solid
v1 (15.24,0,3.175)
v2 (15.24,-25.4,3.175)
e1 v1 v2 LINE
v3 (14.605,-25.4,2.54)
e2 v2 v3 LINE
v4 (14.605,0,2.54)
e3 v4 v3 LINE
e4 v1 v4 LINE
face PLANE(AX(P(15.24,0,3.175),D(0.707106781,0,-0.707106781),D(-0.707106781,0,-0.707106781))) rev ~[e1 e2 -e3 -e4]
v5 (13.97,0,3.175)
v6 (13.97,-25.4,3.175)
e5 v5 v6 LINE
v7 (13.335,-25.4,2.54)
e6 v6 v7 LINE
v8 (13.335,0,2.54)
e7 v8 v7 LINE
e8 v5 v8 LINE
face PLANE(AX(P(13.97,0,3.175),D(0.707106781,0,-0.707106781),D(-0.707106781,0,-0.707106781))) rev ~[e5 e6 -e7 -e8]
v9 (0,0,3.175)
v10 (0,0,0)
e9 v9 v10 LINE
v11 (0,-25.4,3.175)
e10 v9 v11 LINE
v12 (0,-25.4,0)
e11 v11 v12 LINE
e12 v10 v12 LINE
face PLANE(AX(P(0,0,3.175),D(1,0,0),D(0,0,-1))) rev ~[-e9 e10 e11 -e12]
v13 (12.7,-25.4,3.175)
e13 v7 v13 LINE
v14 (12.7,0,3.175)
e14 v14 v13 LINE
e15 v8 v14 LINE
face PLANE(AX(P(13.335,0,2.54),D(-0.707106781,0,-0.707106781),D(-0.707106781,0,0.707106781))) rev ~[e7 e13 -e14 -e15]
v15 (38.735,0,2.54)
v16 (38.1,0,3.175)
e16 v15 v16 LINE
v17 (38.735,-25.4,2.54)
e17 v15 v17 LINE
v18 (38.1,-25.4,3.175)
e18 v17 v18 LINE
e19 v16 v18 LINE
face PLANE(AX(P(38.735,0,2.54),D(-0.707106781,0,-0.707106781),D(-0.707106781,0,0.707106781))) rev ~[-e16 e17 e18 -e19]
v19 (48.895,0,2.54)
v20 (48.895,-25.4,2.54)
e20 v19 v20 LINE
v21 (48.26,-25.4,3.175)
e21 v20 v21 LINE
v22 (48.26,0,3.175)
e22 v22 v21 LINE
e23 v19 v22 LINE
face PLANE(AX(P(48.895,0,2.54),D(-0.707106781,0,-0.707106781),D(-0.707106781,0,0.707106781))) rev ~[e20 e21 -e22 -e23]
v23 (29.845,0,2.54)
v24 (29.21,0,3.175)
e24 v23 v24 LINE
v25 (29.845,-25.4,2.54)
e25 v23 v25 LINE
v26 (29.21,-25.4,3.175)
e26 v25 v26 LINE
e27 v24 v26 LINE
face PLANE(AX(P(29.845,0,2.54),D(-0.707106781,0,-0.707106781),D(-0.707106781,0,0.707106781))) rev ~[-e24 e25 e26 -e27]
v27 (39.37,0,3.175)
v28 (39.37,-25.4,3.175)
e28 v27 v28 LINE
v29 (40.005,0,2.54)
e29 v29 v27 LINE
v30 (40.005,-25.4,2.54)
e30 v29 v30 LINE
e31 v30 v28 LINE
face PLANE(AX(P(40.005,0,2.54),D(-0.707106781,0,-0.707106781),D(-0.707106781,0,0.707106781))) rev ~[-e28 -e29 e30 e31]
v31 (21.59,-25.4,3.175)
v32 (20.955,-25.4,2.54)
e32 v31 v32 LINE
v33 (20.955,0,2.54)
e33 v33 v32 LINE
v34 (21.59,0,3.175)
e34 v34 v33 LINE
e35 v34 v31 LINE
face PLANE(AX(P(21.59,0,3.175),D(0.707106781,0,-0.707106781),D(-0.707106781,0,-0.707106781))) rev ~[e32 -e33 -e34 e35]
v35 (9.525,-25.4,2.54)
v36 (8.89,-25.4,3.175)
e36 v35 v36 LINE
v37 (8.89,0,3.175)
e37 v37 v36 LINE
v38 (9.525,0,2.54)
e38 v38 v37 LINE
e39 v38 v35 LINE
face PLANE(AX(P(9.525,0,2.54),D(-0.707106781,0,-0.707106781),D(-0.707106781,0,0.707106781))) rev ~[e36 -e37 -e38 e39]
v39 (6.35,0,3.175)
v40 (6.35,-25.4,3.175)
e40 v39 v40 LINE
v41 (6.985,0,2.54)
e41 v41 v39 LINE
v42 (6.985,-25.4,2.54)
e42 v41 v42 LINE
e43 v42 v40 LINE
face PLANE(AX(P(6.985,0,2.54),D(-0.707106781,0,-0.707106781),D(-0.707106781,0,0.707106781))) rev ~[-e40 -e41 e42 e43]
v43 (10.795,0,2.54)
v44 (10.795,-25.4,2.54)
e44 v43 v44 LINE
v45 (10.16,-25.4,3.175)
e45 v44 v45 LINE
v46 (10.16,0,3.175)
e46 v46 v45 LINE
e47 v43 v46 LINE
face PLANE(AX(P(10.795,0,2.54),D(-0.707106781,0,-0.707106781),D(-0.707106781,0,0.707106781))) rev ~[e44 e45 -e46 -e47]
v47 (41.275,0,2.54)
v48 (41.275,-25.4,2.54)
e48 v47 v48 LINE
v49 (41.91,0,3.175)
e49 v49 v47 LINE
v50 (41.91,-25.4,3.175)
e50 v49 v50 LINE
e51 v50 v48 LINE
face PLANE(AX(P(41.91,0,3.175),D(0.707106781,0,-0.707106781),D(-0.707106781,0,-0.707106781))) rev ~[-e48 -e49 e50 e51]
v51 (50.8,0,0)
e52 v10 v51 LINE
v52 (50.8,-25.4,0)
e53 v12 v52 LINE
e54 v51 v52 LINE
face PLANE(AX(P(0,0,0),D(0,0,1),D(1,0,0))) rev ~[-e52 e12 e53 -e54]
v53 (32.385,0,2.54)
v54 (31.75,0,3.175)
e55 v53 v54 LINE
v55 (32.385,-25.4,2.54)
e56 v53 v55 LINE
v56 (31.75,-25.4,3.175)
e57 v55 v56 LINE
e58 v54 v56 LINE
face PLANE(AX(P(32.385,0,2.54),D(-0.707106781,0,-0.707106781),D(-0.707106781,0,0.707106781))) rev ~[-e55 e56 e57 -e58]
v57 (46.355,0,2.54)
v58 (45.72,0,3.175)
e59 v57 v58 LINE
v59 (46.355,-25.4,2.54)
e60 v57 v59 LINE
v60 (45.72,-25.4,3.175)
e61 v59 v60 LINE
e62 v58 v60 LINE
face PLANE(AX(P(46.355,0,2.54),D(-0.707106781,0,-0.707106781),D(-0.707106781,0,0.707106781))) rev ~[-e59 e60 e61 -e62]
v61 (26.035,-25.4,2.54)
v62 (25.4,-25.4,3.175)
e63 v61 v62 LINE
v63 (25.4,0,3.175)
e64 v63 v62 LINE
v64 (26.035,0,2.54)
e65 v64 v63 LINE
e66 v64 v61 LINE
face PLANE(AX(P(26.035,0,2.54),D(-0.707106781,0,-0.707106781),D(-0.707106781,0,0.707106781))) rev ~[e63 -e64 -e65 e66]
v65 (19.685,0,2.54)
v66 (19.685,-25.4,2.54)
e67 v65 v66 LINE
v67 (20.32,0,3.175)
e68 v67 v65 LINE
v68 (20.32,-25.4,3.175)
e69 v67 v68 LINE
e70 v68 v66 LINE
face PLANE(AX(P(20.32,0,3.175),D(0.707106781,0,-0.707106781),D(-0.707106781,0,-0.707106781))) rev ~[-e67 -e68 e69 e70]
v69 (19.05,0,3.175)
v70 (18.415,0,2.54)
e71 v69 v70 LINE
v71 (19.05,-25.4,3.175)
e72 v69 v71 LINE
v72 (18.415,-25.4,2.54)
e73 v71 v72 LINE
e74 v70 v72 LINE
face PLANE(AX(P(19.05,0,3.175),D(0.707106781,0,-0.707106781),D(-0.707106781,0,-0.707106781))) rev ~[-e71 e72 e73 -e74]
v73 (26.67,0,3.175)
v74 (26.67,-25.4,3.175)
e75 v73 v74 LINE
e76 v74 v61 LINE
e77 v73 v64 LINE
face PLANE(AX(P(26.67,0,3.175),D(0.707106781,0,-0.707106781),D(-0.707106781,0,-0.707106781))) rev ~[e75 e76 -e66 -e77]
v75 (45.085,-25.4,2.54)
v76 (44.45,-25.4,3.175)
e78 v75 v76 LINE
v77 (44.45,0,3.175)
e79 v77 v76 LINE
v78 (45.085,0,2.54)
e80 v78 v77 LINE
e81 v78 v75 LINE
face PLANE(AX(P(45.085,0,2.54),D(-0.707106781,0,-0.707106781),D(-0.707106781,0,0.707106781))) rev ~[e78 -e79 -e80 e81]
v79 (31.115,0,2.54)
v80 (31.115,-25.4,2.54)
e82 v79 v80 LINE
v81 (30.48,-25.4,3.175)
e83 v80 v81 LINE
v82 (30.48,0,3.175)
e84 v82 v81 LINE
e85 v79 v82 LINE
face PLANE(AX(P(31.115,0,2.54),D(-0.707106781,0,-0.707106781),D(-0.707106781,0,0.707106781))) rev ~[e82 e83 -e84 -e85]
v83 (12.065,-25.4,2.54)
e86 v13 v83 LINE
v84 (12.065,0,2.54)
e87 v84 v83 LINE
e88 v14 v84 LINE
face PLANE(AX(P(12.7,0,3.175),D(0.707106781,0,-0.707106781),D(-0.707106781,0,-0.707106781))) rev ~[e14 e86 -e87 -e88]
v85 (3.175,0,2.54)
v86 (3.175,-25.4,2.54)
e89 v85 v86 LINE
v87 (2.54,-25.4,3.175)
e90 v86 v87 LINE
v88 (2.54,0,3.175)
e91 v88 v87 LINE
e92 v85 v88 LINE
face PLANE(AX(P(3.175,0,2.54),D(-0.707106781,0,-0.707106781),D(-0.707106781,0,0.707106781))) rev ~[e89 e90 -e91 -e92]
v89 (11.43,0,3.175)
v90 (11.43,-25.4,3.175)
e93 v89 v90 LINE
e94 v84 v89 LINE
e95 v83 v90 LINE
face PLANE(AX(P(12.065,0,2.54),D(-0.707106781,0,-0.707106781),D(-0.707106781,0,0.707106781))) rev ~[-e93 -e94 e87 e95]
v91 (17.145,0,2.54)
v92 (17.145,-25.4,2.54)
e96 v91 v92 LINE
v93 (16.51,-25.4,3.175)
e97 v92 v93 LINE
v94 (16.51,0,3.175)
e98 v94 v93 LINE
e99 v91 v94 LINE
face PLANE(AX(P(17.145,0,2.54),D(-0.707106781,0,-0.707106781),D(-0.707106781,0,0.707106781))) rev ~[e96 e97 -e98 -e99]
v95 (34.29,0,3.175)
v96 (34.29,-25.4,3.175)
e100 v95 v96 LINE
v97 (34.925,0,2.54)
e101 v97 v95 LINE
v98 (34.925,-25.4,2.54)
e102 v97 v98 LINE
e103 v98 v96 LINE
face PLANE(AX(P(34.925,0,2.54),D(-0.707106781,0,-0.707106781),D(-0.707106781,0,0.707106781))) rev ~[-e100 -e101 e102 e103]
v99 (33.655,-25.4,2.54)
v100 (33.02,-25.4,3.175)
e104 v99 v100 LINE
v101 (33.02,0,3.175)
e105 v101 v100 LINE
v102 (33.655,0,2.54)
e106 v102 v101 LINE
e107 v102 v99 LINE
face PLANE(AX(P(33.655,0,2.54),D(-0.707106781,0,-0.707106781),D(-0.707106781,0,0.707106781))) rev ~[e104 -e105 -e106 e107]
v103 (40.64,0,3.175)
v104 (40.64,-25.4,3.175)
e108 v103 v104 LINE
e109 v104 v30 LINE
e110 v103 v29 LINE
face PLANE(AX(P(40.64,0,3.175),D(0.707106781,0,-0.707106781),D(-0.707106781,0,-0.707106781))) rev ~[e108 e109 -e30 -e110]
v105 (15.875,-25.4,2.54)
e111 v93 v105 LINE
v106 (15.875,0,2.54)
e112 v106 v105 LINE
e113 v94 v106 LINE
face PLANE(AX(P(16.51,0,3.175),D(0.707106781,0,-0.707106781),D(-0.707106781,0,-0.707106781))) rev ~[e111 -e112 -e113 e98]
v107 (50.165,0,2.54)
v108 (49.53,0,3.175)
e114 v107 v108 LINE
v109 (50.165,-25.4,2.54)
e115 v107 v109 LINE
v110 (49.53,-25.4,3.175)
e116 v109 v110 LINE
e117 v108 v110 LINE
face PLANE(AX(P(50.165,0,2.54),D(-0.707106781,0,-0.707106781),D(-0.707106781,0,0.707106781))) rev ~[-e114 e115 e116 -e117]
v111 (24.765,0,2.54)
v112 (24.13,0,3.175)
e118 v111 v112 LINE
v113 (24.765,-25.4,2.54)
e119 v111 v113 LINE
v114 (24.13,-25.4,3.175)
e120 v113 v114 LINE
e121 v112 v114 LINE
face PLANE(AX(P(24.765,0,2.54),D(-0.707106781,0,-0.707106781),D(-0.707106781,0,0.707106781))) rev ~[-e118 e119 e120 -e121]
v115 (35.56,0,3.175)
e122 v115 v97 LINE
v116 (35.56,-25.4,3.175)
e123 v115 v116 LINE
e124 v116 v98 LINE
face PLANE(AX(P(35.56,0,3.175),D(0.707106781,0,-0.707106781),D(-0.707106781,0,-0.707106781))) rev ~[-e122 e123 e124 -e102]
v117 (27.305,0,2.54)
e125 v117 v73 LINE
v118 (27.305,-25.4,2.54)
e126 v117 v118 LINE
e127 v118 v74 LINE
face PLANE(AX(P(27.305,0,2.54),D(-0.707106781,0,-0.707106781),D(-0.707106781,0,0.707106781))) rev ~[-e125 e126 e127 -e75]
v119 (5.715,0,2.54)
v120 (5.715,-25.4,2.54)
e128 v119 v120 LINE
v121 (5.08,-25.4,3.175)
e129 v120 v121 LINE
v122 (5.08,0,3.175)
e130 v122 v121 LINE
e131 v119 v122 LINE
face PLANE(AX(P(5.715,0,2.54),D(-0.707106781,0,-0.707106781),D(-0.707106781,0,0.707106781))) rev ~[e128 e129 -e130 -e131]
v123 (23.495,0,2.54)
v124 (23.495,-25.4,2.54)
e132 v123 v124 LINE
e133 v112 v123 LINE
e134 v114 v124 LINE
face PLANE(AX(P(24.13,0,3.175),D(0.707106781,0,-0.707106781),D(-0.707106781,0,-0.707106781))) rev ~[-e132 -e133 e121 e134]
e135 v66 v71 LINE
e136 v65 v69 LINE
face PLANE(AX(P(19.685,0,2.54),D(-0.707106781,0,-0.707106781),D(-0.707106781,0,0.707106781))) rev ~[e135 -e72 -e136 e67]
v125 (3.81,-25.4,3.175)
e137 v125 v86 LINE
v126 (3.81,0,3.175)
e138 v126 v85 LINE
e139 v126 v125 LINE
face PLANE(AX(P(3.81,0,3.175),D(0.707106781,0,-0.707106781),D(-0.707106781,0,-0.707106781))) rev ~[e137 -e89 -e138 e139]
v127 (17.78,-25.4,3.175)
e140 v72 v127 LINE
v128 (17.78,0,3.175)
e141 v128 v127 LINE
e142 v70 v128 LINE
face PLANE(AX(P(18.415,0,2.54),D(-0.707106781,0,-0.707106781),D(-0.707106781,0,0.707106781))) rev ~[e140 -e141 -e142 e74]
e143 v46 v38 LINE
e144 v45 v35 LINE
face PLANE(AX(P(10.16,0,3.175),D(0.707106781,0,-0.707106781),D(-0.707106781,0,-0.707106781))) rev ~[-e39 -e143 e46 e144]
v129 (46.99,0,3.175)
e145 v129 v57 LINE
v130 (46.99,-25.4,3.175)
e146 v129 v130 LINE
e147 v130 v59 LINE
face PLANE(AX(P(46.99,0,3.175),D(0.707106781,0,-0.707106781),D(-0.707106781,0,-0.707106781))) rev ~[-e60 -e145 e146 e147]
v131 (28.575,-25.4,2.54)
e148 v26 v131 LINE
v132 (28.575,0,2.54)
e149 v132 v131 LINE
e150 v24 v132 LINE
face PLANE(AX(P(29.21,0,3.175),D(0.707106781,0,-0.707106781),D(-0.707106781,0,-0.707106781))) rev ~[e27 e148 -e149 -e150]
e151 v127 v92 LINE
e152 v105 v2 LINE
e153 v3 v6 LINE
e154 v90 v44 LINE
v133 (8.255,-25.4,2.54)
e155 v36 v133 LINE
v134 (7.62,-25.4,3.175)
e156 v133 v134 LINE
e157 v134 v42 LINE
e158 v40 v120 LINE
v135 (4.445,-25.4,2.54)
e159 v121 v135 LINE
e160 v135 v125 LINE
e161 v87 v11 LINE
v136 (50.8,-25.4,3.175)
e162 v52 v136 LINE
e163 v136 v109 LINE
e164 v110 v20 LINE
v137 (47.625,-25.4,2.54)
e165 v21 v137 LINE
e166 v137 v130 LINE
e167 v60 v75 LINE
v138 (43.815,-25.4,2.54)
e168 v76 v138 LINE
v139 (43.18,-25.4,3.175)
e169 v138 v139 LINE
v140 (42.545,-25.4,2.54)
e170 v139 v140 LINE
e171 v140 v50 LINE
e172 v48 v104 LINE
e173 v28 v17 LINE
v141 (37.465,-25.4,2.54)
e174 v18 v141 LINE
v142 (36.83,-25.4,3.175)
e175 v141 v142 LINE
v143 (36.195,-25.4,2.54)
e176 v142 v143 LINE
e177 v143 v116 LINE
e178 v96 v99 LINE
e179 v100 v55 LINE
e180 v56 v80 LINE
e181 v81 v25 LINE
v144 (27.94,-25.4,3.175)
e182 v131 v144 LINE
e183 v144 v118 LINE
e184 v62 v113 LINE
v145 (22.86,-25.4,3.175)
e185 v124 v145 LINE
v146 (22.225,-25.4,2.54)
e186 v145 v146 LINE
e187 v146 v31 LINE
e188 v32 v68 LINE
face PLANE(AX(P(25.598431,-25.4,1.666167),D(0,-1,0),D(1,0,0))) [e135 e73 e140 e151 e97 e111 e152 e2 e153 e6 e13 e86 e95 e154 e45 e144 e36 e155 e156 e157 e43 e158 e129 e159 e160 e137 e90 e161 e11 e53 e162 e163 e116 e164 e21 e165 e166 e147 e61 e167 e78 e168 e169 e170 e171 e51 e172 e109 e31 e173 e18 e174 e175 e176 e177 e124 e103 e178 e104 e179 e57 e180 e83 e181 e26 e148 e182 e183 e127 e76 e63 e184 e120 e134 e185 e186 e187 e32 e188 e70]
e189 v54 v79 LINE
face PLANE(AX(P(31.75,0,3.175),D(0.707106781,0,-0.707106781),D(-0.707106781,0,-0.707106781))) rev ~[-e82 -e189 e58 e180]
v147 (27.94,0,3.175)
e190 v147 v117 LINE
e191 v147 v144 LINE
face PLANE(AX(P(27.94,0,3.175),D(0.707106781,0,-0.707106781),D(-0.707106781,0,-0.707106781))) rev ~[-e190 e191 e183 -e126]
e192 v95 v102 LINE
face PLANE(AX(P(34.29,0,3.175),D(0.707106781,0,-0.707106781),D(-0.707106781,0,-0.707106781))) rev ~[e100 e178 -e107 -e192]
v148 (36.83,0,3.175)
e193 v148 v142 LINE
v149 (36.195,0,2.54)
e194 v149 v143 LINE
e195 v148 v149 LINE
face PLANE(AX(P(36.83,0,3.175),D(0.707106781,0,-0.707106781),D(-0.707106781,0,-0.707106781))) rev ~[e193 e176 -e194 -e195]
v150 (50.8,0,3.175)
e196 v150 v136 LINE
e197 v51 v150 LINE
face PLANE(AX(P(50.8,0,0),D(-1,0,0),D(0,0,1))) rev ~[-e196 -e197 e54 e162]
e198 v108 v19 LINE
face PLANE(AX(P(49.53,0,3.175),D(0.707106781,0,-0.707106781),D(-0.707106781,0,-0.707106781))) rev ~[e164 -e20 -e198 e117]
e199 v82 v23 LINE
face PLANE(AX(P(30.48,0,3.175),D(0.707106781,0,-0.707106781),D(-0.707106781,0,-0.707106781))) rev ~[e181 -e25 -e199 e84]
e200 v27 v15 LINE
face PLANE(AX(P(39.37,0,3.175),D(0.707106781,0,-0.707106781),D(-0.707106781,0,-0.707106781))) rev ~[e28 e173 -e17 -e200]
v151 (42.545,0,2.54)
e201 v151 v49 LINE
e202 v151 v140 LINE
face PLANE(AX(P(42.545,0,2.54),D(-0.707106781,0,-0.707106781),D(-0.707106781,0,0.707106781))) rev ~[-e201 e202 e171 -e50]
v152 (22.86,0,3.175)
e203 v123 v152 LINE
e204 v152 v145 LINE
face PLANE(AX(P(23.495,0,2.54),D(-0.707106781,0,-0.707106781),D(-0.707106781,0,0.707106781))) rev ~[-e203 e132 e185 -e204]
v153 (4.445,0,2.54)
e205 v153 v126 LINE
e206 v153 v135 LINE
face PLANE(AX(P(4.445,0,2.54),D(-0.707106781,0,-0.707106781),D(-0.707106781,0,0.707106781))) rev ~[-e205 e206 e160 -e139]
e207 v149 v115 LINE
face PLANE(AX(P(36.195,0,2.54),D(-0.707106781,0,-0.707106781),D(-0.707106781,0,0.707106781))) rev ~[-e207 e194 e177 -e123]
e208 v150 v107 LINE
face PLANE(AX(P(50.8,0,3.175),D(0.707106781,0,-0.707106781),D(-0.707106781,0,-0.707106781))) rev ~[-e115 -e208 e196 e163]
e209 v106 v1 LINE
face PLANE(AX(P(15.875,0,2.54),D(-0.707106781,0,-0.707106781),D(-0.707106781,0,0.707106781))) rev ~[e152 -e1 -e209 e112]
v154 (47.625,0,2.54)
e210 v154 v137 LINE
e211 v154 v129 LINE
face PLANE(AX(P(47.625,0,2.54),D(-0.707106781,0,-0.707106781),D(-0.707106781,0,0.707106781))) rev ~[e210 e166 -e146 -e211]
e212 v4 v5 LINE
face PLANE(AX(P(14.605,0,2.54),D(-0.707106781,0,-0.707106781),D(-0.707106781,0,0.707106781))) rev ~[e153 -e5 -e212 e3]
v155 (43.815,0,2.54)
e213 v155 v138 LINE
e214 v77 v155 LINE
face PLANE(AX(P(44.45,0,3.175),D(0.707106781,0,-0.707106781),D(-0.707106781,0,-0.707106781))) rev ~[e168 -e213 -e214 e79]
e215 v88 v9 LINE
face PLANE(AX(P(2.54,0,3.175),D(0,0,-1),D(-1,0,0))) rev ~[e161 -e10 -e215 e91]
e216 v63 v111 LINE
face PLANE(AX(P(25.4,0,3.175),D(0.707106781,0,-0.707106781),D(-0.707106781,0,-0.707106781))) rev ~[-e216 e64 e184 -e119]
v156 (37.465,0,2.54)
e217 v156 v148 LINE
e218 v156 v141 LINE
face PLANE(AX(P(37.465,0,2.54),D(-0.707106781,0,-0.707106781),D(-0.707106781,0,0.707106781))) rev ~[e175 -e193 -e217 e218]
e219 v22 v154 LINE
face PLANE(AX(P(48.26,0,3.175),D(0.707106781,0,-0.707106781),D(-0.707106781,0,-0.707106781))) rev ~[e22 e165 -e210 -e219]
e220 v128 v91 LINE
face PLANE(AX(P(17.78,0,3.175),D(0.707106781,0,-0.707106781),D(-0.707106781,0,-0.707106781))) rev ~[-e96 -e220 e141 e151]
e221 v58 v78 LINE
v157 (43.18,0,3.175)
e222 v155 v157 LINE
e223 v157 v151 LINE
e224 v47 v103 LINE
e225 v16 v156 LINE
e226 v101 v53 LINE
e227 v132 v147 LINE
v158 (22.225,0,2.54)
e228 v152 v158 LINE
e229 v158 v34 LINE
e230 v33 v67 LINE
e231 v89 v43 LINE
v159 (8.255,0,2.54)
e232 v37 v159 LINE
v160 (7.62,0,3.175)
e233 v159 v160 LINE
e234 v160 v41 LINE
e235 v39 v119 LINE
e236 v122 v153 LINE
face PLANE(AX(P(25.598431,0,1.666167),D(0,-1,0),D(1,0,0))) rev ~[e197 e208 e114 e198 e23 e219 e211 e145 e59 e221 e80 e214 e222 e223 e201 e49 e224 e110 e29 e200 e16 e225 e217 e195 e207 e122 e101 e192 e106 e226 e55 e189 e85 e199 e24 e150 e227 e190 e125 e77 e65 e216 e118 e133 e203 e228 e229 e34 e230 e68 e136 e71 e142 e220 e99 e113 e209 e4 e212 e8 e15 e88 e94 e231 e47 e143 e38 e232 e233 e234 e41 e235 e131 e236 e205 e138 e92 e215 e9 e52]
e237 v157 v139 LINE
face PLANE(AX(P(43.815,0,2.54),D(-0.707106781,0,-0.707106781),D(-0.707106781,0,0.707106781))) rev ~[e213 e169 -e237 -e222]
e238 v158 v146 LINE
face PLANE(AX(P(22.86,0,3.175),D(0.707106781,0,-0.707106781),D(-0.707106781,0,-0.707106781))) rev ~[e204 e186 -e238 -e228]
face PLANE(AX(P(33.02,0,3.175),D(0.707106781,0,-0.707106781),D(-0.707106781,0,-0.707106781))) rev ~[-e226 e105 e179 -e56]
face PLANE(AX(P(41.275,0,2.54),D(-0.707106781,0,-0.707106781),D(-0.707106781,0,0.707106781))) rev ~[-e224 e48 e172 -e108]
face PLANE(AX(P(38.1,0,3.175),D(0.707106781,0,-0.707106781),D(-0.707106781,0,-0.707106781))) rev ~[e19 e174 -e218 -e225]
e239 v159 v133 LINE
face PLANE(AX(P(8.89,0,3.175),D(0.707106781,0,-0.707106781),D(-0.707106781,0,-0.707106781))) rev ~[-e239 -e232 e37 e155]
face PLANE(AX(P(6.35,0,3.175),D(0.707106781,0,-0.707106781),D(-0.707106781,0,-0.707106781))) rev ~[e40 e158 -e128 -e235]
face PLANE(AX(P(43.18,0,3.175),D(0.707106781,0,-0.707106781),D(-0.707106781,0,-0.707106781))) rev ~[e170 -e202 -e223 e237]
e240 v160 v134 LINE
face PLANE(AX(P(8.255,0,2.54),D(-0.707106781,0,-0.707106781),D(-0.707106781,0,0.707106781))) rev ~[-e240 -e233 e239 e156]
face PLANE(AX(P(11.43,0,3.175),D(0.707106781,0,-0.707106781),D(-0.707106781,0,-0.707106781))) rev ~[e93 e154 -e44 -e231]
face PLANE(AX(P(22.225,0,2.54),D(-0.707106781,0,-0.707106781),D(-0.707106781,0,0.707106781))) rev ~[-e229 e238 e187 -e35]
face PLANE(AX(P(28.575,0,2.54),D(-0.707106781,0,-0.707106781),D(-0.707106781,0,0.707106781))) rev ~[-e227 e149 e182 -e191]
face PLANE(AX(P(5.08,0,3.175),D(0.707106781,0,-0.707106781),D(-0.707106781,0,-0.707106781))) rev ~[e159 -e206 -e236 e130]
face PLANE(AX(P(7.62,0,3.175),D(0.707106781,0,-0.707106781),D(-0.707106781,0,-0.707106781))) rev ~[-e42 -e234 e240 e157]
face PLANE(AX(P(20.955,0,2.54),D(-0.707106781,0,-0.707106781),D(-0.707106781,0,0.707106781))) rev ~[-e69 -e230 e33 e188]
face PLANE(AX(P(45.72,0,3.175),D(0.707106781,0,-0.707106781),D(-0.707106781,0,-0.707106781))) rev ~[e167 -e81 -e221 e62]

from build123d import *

# Parameters (mm, degrees)
F1_DEPTH = 25.4


with BuildPart() as f1:
    # F0 (on Front) → F1 (new body)
    with BuildSketch(Plane.XZ):
        Polygon((0, 3.175), (0, 0), (50.8, 0), (50.8, 3.175), (50.165, 2.54), (49.53, 3.175), (48.895, 2.54), (48.26, 3.175), (47.625, 2.54), (46.99, 3.175), (46.355, 2.54), (45.72, 3.175), (45.085, 2.54), (44.45, 3.175), (43.815, 2.54), (43.18, 3.175), (42.545, 2.54), (41.91, 3.175), (41.275, 2.54), (40.64, 3.175), (40.005, 2.54), (39.37, 3.175), (38.735, 2.54), (38.1, 3.175), (37.465, 2.54), (36.83, 3.175), (36.195, 2.54), (35.56, 3.175), (34.925, 2.54), (34.29, 3.175), (33.655, 2.54), (33.02, 3.175), (32.385, 2.54), (31.75, 3.175), (31.115, 2.54), (30.48, 3.175), (29.845, 2.54), (29.21, 3.175), (28.575, 2.54), (27.94, 3.175), (27.305, 2.54), (26.67, 3.175), (26.035, 2.54), (25.4, 3.175), (24.765, 2.54), (24.13, 3.175), (23.495, 2.54), (22.86, 3.175), (22.225, 2.54), (21.59, 3.175), (20.955, 2.54), (20.32, 3.175), (19.685, 2.54), (19.05, 3.175), (18.415, 2.54), (17.78, 3.175), (17.145, 2.54), (16.51, 3.175), (15.875, 2.54), (15.24, 3.175), (14.605, 2.54), (13.97, 3.175), (13.335, 2.54), (12.7, 3.175), (12.065, 2.54), (11.43, 3.175), (10.795, 2.54), (10.16, 3.175), (9.525, 2.54), (8.89, 3.175), (8.255, 2.54), (7.62, 3.175), (6.985, 2.54), (6.35, 3.175), (5.715, 2.54), (5.08, 3.175), (4.445, 2.54), (3.81, 3.175), (3.175, 2.54), (2.54, 3.175), align=None)
    extrude(amount=F1_DEPTH)


solid = f1.part
